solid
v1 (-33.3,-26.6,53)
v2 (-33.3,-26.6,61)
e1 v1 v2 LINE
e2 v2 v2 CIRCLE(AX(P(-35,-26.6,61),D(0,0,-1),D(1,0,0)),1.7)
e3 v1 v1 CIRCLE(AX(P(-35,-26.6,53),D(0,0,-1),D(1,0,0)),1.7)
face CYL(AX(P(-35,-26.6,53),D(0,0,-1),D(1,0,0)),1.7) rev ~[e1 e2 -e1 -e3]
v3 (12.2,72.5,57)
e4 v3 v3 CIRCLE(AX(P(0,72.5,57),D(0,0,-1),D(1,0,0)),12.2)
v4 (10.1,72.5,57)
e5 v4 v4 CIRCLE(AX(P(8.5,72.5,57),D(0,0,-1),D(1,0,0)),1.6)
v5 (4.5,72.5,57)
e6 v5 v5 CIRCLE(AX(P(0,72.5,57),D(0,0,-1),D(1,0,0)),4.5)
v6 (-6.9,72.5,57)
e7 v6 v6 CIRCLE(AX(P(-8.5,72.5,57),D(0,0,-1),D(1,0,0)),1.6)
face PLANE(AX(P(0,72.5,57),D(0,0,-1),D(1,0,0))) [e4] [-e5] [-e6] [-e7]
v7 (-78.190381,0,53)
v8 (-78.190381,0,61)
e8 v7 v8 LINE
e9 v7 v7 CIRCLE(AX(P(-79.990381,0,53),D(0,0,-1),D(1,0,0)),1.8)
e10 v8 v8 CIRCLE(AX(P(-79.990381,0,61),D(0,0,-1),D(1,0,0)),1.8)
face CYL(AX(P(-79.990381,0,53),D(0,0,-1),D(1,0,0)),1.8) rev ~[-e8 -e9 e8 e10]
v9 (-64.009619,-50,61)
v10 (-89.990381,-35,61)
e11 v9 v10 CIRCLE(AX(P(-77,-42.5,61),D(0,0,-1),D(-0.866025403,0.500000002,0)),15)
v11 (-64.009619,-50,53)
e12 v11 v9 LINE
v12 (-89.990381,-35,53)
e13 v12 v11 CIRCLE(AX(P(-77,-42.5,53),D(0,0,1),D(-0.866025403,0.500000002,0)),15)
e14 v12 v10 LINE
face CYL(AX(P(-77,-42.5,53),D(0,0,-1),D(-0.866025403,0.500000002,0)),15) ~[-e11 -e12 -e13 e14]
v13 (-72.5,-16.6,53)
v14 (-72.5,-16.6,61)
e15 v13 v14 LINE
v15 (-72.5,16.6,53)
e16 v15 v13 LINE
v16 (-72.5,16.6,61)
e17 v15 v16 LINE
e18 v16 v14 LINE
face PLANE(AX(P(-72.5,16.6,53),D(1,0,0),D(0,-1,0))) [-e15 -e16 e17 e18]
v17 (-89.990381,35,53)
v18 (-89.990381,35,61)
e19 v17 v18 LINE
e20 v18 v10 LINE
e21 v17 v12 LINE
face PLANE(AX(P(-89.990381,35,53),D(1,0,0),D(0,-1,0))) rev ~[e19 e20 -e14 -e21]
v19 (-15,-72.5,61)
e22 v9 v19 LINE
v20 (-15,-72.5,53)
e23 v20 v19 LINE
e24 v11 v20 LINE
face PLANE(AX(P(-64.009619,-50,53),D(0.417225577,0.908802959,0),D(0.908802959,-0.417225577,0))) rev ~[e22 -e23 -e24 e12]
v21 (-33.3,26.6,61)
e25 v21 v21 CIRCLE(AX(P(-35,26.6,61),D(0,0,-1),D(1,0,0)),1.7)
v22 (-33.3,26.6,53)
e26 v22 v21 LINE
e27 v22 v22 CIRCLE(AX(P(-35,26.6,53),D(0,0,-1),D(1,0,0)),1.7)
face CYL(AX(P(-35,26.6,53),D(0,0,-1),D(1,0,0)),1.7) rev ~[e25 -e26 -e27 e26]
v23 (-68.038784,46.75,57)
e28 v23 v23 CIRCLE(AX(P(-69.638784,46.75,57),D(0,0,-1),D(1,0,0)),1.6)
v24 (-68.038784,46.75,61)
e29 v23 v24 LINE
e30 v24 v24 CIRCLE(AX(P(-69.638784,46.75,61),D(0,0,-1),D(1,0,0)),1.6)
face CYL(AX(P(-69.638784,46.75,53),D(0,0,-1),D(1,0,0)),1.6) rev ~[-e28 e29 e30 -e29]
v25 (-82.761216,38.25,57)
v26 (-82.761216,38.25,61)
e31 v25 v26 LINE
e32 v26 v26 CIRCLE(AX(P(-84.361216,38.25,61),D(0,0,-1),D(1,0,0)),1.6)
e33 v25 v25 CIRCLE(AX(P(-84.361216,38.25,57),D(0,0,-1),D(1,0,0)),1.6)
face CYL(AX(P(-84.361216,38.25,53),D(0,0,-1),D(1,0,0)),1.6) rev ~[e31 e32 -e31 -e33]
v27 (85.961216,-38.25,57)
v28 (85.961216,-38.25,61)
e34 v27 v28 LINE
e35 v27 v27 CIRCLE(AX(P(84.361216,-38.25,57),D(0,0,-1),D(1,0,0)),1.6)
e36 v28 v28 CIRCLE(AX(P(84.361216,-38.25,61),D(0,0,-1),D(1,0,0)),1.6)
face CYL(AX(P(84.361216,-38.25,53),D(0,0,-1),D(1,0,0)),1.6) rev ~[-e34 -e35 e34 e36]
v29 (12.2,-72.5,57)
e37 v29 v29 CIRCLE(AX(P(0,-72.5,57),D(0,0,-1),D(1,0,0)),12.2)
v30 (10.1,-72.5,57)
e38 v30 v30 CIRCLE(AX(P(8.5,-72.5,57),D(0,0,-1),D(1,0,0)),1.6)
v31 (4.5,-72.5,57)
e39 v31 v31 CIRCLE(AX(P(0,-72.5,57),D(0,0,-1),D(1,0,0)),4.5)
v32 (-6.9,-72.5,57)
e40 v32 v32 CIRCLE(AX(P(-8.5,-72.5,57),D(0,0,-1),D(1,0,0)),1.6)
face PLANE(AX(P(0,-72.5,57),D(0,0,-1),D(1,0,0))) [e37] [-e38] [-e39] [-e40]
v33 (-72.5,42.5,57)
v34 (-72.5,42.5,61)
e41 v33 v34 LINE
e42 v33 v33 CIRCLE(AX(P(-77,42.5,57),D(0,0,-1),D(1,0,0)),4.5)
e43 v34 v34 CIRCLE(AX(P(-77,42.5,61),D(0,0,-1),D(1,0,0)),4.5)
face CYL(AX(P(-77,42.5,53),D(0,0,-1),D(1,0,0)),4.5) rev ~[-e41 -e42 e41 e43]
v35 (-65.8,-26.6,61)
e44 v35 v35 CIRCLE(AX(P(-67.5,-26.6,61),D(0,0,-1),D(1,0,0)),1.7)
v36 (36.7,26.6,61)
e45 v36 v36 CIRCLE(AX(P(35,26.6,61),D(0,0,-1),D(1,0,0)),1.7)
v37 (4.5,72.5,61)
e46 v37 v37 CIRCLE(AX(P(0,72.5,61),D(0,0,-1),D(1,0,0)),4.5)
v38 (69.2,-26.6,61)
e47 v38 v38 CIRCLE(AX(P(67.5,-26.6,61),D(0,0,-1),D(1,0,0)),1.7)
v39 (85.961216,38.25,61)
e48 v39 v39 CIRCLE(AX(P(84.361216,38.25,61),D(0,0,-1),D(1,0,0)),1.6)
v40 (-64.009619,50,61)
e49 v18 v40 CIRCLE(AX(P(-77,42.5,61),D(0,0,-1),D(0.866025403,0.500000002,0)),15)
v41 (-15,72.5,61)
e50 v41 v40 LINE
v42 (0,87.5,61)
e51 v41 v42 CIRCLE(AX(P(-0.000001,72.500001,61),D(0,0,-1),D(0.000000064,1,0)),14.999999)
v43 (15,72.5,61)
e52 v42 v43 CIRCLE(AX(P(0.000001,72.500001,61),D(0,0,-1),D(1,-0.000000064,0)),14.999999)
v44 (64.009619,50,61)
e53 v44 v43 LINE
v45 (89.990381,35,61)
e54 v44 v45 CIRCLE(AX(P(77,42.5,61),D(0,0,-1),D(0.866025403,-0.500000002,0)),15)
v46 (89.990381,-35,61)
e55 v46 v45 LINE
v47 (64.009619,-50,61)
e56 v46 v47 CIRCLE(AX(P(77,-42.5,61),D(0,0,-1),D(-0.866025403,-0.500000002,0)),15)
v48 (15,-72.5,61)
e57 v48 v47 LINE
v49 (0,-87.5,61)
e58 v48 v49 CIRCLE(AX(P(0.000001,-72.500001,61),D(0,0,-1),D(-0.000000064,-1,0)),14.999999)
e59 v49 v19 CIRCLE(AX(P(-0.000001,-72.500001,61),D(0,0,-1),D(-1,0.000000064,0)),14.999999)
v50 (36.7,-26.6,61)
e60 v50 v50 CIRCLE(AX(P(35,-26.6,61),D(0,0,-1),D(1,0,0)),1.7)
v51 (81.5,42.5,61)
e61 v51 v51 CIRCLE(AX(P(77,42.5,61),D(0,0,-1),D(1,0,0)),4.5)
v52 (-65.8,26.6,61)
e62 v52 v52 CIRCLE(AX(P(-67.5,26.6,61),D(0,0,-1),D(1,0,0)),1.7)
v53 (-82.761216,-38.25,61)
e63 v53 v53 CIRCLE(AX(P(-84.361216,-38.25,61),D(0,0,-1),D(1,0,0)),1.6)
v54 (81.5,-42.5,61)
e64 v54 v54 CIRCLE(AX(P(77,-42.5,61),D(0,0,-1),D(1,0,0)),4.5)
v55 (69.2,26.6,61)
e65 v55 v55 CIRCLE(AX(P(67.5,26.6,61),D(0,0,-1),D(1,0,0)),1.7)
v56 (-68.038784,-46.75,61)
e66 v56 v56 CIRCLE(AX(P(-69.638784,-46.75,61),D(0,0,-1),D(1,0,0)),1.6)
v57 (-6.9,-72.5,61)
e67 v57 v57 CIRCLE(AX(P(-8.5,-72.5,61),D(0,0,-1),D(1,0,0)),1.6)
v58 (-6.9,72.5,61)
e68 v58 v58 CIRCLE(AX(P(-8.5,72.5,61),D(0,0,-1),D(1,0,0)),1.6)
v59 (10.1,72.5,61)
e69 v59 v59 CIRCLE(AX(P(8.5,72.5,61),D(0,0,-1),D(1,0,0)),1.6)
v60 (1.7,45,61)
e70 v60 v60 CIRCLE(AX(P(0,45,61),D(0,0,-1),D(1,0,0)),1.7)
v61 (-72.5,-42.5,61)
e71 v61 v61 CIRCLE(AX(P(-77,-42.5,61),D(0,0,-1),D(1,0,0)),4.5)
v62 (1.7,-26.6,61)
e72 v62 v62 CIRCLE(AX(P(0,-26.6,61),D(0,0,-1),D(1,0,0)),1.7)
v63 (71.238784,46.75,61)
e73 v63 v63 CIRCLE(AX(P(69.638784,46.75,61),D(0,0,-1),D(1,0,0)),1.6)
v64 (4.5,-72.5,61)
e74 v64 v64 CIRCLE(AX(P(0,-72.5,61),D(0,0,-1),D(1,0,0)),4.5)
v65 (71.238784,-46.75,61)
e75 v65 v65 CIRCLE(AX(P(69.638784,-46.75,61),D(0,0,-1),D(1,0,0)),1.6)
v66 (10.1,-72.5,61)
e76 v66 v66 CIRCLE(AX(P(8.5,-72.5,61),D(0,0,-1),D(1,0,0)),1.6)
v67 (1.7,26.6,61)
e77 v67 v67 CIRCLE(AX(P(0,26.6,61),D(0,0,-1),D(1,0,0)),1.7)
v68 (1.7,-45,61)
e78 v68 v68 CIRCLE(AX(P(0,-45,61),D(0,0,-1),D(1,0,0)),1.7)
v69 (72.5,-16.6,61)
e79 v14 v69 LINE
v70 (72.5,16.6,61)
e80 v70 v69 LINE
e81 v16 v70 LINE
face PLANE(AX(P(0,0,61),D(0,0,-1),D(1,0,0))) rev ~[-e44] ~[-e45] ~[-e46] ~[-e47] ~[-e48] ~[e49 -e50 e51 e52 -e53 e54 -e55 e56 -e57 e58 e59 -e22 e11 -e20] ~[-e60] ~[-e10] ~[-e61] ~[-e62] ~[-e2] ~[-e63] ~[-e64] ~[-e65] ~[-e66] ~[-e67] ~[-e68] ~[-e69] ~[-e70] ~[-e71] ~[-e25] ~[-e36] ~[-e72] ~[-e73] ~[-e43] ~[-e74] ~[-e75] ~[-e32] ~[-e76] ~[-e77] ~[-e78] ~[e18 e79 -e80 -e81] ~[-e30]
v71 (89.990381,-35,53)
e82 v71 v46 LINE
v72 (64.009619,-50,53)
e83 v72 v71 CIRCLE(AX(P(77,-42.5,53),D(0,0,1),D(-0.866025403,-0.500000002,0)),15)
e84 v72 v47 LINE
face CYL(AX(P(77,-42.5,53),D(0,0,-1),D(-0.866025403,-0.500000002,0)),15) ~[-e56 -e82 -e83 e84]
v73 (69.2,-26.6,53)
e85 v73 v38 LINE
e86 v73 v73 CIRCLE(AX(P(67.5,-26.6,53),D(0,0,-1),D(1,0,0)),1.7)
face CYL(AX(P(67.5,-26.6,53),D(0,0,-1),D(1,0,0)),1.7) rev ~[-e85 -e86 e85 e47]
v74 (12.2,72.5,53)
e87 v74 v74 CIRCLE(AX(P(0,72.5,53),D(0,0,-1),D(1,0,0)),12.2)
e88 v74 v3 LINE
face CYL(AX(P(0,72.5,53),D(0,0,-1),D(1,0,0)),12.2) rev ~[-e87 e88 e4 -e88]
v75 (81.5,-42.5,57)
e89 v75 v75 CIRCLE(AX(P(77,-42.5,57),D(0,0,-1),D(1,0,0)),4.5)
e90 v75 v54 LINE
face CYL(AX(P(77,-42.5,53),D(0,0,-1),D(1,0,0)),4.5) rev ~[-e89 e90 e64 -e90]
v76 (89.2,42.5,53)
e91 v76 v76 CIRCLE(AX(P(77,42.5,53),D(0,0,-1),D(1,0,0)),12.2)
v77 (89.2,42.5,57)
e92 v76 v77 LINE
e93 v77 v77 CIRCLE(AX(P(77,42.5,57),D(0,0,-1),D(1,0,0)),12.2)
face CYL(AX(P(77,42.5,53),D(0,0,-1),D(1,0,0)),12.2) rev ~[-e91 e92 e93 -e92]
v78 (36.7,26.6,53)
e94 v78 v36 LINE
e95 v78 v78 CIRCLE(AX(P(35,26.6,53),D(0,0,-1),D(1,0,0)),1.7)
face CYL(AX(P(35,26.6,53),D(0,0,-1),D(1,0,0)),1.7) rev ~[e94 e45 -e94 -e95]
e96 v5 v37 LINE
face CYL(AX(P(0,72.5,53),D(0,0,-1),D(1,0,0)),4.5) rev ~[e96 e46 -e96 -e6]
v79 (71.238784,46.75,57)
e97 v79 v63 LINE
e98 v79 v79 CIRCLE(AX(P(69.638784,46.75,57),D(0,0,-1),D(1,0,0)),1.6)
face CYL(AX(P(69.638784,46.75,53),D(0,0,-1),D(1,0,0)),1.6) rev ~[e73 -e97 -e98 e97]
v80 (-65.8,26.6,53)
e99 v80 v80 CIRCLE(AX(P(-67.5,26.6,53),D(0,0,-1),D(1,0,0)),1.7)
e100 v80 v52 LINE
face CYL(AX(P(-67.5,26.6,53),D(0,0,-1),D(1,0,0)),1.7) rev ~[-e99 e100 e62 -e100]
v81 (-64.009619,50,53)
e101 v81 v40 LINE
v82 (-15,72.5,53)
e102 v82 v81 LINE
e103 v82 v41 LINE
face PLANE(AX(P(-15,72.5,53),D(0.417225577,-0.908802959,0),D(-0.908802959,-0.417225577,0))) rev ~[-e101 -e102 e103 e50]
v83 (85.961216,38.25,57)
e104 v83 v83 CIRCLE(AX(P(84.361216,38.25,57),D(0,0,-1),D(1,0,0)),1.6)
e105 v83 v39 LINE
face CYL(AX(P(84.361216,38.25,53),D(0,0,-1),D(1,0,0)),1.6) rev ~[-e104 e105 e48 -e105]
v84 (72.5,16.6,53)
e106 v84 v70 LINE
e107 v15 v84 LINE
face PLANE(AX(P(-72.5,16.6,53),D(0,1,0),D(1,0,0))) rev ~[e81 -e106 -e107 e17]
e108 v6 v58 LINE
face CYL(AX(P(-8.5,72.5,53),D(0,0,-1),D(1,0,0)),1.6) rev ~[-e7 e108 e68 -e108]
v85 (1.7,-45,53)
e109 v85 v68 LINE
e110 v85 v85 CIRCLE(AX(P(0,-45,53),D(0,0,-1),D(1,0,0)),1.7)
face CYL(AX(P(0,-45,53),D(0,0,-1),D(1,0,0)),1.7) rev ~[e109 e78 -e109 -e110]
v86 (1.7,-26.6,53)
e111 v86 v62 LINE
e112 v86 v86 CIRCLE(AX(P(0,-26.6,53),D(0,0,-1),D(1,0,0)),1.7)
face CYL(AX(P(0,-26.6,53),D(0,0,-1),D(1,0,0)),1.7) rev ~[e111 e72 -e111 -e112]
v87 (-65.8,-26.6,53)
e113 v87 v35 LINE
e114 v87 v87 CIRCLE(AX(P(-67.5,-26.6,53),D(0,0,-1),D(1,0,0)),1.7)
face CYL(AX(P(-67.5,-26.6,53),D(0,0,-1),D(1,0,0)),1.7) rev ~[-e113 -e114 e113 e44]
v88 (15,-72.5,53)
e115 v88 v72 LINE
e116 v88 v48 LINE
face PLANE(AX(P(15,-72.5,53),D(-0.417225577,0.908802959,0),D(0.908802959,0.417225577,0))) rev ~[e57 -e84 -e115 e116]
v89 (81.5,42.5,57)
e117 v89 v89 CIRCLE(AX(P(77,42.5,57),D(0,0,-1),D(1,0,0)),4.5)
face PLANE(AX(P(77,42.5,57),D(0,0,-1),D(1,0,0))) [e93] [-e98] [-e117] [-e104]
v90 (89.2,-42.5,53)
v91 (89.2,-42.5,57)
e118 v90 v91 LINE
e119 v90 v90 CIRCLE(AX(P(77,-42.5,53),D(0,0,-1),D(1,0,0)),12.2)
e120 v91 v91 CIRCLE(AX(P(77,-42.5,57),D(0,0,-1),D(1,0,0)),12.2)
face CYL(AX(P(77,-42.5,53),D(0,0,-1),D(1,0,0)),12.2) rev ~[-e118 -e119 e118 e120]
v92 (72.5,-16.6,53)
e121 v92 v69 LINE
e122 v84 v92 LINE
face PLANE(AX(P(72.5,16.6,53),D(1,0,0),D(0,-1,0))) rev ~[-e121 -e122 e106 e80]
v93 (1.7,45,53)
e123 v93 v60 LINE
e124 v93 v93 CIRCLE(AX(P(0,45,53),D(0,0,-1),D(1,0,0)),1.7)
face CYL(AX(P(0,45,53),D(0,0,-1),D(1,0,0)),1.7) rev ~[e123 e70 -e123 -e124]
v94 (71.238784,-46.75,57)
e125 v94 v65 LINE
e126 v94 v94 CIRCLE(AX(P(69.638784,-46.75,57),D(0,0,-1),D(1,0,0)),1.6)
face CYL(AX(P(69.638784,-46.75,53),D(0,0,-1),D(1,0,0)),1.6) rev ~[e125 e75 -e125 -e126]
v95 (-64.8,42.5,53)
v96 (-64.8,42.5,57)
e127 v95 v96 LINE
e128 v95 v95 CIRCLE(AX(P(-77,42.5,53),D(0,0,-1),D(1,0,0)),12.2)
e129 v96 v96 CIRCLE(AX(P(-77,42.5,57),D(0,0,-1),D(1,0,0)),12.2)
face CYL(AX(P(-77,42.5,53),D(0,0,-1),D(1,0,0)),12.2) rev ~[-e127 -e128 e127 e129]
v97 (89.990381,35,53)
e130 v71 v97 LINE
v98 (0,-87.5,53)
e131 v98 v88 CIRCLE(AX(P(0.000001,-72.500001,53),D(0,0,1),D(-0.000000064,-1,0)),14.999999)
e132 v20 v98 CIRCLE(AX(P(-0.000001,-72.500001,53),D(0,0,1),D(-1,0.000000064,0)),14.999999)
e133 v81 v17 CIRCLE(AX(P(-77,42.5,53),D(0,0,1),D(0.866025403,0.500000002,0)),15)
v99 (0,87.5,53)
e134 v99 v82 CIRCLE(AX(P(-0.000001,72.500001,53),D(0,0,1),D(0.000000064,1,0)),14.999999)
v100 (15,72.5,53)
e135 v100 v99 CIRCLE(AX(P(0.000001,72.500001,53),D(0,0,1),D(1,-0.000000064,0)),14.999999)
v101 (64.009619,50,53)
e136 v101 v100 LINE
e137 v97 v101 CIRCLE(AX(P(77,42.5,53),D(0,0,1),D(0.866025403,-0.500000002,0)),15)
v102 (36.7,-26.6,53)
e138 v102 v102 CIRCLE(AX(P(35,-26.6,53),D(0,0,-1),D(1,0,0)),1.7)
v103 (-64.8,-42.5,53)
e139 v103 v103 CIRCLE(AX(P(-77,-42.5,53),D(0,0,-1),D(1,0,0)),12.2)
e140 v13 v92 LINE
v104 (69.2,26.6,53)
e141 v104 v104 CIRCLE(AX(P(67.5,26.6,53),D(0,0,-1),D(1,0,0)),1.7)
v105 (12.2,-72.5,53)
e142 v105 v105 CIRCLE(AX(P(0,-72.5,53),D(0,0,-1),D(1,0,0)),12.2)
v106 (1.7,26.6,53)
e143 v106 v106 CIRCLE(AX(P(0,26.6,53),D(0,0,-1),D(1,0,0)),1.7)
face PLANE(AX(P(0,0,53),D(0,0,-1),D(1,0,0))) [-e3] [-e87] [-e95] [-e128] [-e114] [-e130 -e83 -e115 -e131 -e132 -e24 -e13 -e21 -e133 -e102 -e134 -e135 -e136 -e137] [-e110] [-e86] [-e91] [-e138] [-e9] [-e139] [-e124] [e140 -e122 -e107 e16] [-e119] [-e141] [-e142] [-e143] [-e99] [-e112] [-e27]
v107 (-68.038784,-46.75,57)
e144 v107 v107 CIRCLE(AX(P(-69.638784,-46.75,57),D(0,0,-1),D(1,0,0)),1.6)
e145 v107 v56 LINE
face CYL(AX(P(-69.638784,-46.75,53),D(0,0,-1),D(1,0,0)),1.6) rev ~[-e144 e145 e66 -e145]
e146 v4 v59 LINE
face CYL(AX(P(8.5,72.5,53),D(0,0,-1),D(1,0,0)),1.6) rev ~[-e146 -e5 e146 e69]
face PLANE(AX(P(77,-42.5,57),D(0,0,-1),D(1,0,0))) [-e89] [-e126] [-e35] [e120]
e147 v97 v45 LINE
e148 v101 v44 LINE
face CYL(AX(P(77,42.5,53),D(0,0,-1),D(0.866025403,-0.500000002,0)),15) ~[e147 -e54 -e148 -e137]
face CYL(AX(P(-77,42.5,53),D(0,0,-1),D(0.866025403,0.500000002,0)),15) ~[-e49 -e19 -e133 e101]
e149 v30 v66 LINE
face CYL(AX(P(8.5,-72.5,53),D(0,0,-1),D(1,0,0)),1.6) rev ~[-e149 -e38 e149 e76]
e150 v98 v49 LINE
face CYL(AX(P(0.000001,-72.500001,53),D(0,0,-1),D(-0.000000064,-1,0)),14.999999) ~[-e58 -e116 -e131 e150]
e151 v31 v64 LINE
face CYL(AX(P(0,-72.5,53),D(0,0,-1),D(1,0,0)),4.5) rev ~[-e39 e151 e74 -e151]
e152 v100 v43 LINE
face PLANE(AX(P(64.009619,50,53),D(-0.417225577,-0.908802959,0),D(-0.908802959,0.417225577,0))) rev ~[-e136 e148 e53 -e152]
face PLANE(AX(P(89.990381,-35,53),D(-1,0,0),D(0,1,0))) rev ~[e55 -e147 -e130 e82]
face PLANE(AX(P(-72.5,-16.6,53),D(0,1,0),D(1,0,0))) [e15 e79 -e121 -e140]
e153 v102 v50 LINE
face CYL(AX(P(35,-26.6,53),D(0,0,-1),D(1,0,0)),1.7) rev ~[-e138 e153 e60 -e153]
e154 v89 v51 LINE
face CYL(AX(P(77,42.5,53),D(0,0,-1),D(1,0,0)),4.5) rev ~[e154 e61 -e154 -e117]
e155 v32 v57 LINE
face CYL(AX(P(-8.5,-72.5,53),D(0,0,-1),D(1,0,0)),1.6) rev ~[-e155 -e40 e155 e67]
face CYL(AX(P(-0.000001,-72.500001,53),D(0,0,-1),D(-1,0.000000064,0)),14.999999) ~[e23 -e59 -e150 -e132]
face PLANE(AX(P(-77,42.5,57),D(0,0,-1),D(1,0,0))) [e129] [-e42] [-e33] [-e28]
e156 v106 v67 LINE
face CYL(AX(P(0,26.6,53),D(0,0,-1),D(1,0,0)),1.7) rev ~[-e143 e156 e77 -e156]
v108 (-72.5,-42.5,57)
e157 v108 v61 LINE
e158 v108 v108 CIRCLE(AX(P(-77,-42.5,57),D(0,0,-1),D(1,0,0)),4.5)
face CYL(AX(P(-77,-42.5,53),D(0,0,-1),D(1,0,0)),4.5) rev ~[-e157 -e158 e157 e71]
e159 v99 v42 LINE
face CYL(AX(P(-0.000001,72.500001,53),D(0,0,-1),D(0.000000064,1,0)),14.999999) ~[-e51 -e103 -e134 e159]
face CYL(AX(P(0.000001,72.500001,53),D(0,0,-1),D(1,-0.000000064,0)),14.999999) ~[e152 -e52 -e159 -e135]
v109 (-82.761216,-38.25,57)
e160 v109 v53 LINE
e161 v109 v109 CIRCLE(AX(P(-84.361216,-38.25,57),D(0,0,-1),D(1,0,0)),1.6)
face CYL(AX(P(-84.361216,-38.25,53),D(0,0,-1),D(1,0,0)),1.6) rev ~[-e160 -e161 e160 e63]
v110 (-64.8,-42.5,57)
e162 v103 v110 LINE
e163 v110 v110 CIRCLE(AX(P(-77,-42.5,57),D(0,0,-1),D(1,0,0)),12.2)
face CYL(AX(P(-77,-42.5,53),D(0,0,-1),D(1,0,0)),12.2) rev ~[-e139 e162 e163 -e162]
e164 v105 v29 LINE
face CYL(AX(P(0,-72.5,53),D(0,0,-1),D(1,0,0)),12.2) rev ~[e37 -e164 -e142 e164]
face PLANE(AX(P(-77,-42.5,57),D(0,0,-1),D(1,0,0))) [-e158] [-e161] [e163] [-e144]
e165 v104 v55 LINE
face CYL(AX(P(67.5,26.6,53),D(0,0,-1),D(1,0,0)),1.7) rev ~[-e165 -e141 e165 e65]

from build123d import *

# Parameters (mm, degrees)
F0_W      = 190
F0_H      = 175
F1_DEPTH  = 8
F2_R      = 4.5
F2_R_2    = 1.6
F3_DEPTH  = 8
F5_DEPTH  = 8.001
F6_R      = 12.2
F6_R_2    = 4.5
F7_DEPTH  = 4
F8_R      = 1.7
F8_W      = 145
F8_H      = 33.2
F8_R_2    = 1.8
F9_DEPTH  = 8.001
F10_ANGLE = 180


with BuildPart() as f1:
    # F0 (on Top) → F1 (new body)
    with BuildSketch(Plane.XY):
        Rectangle(F0_W, F0_H)
    extrude(amount=F1_DEPTH)

    # F2 (on face) → F3 (cut)
    with BuildSketch(Plane.XY.offset(8)):
        with Locations((0, 72.5)):
            Circle(F2_R)
        with Locations((-77, 42.5)):
            Circle(F2_R)
        with Locations((8.5, 72.5)):
            Circle(F2_R_2)
        with Locations((-8.5, 72.5)):
            Circle(F2_R_2)
        with Locations((-84.361216, 38.25)):
            Circle(F2_R_2)
        with Locations((-69.638784, 46.75)):
            Circle(F2_R_2)
        with Locations((77, 42.5)):
            Circle(F2_R)
        with Locations((84.361216, 38.25)):
            Circle(F2_R_2)
        with Locations((69.638784, 46.75)):
            Circle(F2_R_2)
        with Locations((-84.361216, -38.25)):
            Circle(F2_R_2)
        with Locations((-77, -42.5)):
            Circle(F2_R)
        with Locations((-69.638784, -46.75)):
            Circle(F2_R_2)
        with Locations((-8.5, -72.5)):
            Circle(F2_R_2)
        with Locations((0, -72.5)):
            Circle(F2_R)
        with Locations((8.5, -72.5)):
            Circle(F2_R_2)
        with Locations((69.638784, -46.75)):
            Circle(F2_R_2)
        with Locations((77, -42.5)):
            Circle(F2_R)
        with Locations((84.361216, -38.25)):
            Circle(F2_R_2)
    extrude(amount=-F3_DEPTH, mode=Mode.SUBTRACT)

    # F4 (on face) → F5 (cut, through all)
    with BuildSketch(Plane.XY.offset(8)):
        with BuildLine():
            Line((-64.009619, 50), (-15, 72.5))
            ThreePointArc((-15, 72.5), (-10.606602, 83.106602), (0, 87.5))
            Line((0, 87.5), (-95, 87.5))
            Line((-95, 87.5), (-95, -87.5))
            Line((-95, -87.5), (0, -87.5))
            ThreePointArc((0, -87.5), (-10.606602, -83.106602), (-15, -72.5))
            Line((-15, -72.5), (-64.009619, -50))
            ThreePointArc((-64.009619, -50), (-84.5, -55.490381), (-89.990381, -35))
            Line((-89.990381, -35), (-89.990381, 35))
            ThreePointArc((-89.990381, 35), (-84.5, 55.490381), (-64.009619, 50))
        make_face()
        with BuildLine():
            Line((95, 87.5), (0, 87.5))
            ThreePointArc((0, 87.5), (10.606602, 83.106602), (15, 72.5))
            Line((15, 72.5), (64.009619, 50))
            ThreePointArc((64.009619, 50), (84.5, 55.490381), (89.990381, 35))
            Line((89.990381, 35), (89.990381, -35))
            ThreePointArc((89.990381, -35), (84.5, -55.490381), (64.009619, -50))
            Line((64.009619, -50), (15, -72.5))
            ThreePointArc((15, -72.5), (10.606602, -83.106602), (0, -87.5))
            Line((0, -87.5), (95, -87.5))
            Line((95, -87.5), (95, 87.5))
        make_face()
    extrude(amount=-F5_DEPTH, mode=Mode.SUBTRACT)

    # F6 (on face) → F7 (cut)
    with BuildSketch(Plane.XY.offset(8)):
        with Locations((0, 72.5)):
            Circle(F6_R)
        with Locations((0, 72.5)):
            Circle(F6_R_2, mode=Mode.SUBTRACT)
        with Locations((-77, 42.5)):
            Circle(F6_R)
        with Locations((-77, 42.5)):
            Circle(F6_R_2, mode=Mode.SUBTRACT)
        with Locations((77, 42.5)):
            Circle(F6_R)
        with Locations((-77, -42.5)):
            Circle(F6_R)
        with Locations((0, -72.5)):
            Circle(F6_R)
        with Locations((77, -42.5)):
            Circle(F6_R)
    extrude(amount=-F7_DEPTH, mode=Mode.SUBTRACT)

    # F8 (on face) → F9 (cut, through all)
    with BuildSketch(Plane.XY.offset(8)):
        with Locations((0, 45)):
            Circle(F8_R)
        with Locations((0, 26.6)):
            Circle(F8_R)
        with Locations((-67.5, 26.6)):
            Circle(F8_R)
        with Locations((-35, 26.6)):
            Circle(F8_R)
        with Locations((35, 26.6)):
            Circle(F8_R)
        with Locations((67.5, 26.6)):
            Circle(F8_R)
        with Locations((67.5, -26.6)):
            Circle(F8_R)
        with Locations((35, -26.6)):
            Circle(F8_R)
        with Locations((0, -26.6)):
            Circle(F8_R)
        with Locations((0, -45)):
            Circle(F8_R)
        with Locations((-35, -26.6)):
            Circle(F8_R)
        with Locations((-67.5, -26.6)):
            Circle(F8_R)
        Rectangle(F8_W, F8_H)
        with Locations((-79.990381, 0)):
            Circle(F8_R_2)
    extrude(amount=-F9_DEPTH, mode=Mode.SUBTRACT)


with BuildPart() as f1_1:
    # F10: moved
    add(f1.part.rotate(Axis((0, 0, 0), (1, 0, 0)), F10_ANGLE))


with BuildPart() as f1_2:
    # F11: moved
    add(f1_1.part.moved(Location((0, 0, 56.2))))


with BuildPart() as f1_3:
    # F12: moved
    add(f1_2.part.moved(Location((0, 0, 4.8))))


solid = f1_3.part
